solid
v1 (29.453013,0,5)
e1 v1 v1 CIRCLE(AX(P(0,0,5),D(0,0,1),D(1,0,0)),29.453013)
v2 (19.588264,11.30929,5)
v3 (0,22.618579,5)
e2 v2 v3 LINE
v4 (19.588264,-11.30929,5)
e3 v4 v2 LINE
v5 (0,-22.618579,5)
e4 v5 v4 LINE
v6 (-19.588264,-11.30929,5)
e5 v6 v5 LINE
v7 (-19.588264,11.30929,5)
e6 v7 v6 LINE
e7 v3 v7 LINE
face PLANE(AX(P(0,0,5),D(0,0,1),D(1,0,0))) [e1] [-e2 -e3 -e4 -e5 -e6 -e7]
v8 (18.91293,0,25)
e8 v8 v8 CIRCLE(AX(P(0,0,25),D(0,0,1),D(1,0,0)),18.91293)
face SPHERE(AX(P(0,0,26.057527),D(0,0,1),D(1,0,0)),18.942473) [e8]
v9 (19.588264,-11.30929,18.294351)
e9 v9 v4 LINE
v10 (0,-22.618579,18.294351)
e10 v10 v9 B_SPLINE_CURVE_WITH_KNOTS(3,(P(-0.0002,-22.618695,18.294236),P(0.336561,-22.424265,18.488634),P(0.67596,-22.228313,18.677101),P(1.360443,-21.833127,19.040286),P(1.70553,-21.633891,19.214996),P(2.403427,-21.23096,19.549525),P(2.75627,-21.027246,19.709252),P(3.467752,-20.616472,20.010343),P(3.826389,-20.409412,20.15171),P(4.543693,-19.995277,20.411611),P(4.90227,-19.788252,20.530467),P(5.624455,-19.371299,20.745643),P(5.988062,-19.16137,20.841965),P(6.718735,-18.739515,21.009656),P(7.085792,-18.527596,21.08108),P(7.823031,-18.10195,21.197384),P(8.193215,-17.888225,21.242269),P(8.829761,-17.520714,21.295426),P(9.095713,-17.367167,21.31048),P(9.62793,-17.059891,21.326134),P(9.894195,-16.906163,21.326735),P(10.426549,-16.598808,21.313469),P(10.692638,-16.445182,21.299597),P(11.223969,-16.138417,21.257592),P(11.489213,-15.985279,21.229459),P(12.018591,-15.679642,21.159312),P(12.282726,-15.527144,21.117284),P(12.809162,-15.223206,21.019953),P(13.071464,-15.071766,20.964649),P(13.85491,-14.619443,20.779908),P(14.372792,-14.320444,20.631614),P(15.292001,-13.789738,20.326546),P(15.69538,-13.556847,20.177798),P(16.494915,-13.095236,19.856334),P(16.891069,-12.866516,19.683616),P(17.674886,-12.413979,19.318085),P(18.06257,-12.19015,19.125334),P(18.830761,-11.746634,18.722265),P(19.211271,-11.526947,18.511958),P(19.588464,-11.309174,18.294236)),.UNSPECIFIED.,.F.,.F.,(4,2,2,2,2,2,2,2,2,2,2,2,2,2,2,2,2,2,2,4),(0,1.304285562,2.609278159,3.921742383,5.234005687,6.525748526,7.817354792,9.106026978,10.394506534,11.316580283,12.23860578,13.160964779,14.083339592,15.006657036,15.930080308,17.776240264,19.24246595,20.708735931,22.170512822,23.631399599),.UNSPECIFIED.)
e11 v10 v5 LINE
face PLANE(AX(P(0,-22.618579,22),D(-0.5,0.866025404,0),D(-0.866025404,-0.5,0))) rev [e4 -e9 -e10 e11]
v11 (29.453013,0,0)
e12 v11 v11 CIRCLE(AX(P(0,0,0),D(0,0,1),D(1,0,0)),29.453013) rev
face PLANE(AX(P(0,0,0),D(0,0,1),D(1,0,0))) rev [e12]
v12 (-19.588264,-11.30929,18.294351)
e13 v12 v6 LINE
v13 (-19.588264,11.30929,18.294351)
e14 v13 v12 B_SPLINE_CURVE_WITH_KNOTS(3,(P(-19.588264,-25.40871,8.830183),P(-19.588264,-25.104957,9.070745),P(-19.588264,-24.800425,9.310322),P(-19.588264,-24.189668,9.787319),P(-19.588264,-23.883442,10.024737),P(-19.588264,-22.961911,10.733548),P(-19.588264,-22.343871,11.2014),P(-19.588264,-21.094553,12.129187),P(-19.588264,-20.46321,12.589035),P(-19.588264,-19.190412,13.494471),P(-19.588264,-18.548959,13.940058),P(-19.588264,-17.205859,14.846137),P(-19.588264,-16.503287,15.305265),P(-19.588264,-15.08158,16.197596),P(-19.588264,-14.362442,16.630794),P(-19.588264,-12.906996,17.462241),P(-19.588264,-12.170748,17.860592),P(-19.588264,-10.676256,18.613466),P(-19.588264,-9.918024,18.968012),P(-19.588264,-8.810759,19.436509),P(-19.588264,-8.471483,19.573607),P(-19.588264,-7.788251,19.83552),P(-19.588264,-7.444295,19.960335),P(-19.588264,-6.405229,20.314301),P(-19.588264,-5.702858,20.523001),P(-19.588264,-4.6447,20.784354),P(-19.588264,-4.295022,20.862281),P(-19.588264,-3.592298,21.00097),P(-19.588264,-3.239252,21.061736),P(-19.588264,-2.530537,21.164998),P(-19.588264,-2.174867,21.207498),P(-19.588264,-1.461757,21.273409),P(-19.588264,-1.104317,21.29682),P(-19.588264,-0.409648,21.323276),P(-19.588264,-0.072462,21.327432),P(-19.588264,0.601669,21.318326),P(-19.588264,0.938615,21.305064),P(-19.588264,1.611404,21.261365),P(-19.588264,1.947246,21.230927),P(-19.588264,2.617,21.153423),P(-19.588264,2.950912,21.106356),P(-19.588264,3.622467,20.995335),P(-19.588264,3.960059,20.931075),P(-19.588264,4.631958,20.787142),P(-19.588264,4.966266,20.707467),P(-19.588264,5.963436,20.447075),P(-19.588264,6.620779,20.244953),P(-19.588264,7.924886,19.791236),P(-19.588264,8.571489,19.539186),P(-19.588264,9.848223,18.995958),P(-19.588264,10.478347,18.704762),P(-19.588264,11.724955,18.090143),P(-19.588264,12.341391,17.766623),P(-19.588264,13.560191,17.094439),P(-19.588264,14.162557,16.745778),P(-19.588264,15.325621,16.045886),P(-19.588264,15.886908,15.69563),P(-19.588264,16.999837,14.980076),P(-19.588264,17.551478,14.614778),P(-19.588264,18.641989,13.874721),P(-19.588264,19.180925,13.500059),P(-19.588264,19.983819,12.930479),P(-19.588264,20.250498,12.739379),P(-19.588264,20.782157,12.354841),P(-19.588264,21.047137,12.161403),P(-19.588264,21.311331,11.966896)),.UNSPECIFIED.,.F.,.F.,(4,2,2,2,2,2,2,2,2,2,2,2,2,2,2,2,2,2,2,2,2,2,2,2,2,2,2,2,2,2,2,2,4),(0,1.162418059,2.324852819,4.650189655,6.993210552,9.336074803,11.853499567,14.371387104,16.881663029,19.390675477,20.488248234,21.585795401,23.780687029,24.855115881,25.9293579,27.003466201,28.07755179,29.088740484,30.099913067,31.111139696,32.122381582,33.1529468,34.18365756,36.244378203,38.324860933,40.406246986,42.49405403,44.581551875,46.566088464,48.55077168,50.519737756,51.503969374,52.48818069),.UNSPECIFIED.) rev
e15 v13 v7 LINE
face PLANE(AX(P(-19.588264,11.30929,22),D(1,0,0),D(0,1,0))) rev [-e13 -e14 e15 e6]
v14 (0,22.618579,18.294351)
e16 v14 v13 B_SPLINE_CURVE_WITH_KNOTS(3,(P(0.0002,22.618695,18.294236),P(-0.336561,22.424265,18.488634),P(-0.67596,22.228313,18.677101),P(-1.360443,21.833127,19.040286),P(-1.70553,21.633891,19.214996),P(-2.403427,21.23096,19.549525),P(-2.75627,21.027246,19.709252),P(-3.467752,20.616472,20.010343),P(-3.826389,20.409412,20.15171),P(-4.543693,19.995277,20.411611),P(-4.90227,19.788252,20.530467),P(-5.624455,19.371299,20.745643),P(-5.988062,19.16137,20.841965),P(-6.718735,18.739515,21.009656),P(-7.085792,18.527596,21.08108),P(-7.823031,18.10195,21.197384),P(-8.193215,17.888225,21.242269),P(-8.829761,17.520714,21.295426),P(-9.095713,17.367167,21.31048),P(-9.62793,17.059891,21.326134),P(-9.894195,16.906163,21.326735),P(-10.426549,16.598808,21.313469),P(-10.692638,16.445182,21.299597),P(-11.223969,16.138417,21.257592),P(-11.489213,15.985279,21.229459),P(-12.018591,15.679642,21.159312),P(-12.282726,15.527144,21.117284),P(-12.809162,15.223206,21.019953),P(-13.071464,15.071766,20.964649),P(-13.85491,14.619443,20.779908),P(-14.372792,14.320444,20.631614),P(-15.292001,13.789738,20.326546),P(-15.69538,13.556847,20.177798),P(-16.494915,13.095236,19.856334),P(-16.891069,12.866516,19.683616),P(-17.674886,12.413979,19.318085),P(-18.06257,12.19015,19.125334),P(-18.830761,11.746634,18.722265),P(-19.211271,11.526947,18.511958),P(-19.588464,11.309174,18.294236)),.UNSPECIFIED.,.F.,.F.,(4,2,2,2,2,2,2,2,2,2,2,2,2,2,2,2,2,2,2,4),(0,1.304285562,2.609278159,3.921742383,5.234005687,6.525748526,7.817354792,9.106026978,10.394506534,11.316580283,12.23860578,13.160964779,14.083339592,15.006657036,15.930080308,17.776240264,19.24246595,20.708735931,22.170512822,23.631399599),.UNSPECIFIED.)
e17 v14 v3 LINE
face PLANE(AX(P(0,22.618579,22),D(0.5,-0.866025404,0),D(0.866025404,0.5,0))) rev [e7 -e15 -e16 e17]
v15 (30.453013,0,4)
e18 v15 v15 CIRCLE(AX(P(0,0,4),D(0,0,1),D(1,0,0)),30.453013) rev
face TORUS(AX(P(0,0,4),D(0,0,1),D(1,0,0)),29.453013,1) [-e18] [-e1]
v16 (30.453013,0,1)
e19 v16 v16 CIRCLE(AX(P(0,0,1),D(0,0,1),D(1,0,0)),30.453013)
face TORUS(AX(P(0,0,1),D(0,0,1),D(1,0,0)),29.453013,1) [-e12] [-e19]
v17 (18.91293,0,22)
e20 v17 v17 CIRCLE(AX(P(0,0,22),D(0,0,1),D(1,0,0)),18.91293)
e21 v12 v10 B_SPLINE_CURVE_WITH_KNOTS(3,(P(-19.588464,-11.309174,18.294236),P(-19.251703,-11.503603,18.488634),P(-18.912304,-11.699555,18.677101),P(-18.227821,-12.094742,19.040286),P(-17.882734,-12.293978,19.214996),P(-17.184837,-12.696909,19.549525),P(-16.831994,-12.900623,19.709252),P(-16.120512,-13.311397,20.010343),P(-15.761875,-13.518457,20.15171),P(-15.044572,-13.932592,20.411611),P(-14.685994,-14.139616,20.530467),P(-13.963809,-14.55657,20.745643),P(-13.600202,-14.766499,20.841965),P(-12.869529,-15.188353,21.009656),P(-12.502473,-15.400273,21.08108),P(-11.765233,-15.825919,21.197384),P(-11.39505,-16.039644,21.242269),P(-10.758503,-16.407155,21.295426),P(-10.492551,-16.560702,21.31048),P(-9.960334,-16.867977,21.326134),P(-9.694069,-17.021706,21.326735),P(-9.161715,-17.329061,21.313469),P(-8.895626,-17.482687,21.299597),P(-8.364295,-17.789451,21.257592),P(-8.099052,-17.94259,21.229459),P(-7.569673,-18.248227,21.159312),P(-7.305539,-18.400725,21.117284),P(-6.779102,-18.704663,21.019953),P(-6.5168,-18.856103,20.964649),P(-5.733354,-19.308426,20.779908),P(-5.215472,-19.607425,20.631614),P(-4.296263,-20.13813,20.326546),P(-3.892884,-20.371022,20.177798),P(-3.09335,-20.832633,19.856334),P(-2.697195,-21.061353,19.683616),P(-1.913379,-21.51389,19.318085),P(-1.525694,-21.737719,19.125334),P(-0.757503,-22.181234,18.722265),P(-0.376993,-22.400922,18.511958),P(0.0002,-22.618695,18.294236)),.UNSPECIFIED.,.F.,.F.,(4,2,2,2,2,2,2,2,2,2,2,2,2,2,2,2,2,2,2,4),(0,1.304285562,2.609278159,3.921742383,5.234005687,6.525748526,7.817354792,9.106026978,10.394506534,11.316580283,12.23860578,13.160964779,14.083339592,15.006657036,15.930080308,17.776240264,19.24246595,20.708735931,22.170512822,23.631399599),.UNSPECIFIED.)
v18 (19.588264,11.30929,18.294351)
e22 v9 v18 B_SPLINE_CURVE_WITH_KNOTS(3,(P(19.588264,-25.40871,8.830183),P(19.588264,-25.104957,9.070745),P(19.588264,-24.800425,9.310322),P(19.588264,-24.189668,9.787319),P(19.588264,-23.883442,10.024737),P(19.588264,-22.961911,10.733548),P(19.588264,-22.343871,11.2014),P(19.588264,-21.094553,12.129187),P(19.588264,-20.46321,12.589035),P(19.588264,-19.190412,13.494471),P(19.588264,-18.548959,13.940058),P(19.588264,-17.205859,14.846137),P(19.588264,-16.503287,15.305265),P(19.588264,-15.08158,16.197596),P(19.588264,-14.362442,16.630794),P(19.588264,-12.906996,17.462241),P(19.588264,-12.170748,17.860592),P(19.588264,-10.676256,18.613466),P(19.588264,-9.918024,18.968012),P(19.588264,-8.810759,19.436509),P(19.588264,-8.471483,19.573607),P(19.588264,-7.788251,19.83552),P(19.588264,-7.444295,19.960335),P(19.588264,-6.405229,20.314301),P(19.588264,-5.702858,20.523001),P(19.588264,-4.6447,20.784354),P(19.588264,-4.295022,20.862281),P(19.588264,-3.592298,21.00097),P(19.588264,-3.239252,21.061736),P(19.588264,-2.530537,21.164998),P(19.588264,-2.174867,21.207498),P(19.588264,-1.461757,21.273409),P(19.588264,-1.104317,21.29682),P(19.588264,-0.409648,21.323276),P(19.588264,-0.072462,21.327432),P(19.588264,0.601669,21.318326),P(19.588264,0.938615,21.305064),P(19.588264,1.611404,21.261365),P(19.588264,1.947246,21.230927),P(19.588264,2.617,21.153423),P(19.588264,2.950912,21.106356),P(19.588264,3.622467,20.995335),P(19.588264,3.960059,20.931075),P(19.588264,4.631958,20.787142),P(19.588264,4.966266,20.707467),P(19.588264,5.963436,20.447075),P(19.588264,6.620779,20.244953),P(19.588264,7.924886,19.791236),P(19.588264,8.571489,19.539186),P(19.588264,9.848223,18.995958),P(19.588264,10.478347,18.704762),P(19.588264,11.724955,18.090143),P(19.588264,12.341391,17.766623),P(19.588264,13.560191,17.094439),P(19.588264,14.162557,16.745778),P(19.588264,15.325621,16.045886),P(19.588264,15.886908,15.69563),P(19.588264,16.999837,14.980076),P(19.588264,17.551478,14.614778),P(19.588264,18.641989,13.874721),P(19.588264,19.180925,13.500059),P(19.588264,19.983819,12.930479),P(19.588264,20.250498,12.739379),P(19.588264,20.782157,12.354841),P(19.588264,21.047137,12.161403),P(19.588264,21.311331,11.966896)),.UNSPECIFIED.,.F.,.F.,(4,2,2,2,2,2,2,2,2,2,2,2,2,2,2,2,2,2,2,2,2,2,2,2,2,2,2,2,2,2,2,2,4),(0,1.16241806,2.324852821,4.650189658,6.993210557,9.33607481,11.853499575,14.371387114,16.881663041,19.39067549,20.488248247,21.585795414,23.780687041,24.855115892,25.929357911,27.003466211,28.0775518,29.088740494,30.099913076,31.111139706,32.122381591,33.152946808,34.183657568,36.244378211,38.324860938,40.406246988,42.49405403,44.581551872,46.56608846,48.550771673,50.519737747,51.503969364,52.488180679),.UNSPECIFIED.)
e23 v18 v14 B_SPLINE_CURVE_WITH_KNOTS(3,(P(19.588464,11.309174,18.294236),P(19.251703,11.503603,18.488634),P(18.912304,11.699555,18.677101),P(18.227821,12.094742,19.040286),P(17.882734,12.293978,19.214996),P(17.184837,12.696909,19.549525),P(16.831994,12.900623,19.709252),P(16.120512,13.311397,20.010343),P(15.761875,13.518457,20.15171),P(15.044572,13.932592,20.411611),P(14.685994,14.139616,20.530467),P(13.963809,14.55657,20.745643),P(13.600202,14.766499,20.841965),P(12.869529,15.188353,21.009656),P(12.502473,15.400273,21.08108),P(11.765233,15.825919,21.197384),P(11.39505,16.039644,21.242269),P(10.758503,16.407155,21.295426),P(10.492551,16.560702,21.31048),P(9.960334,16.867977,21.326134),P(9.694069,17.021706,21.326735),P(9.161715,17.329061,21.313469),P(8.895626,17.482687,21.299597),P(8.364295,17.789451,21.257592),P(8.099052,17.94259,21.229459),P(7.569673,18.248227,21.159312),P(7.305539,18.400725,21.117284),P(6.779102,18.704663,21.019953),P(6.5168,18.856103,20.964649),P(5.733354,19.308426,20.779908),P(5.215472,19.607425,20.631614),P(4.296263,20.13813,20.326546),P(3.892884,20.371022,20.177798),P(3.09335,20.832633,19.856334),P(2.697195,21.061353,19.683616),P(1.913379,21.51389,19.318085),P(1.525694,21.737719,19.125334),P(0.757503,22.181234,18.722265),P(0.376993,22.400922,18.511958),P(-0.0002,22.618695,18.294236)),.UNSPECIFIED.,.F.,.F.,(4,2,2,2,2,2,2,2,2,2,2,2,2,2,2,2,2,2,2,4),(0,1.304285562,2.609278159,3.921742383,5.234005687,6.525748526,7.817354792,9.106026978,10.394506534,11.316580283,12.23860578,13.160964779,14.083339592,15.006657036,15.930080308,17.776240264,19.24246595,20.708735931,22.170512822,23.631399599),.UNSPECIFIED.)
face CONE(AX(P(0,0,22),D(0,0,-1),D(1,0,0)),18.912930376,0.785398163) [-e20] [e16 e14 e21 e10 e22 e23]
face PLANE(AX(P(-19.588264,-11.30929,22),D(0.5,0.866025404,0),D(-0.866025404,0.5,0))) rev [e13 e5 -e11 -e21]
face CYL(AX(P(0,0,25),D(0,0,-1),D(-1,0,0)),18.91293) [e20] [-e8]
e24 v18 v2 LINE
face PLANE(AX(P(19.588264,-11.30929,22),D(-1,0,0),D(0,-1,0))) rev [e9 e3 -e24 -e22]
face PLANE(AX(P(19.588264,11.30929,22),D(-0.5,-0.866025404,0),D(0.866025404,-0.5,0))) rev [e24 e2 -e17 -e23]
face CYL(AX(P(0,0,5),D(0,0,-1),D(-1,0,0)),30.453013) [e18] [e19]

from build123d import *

# Parameters (mm, degrees)
SKETCH1_R           = 30.453013084
BOSS_EXTRUDE1_DEPTH = 5
BOSS_EXTRUDE2_DEPTH = 17
SKETCH3_R           = 36.437835874
SKETCH3_R_2         = 18.912930376
CUT_EXTRUDE1_DEPTH  = 17
CUT_EXTRUDE1_TAPER  = 45
SKETCH4_R           = 18.912930376
BOSS_EXTRUDE3_DEPTH = 3
DOME1_FACE_RADIUS   = 18.912930376
DOME1_HEIGHT        = 20
FILLET1_R           = 1
FILLET2_R           = 1


with BuildPart() as part:
    # Sketch1 → Boss-Extrude1 (new body)
    with BuildSketch(Plane.XY):
        Circle(SKETCH1_R)
    extrude(amount=BOSS_EXTRUDE1_DEPTH)

    # Sketch2 → Boss-Extrude2 (add)
    with BuildSketch(Plane.XY.offset(5)):
        Polygon((0, 22.618579174), (-19.588264162, 11.309289587), (-19.588264162, -11.309289587), (0, -22.618579174), (19.588264162, -11.309289587), (19.588264162, 11.309289587), align=None)
    extrude(amount=BOSS_EXTRUDE2_DEPTH)

    # Sketch3 → Cut-Extrude1 (cut)
    with BuildSketch(Plane.XY.offset(22)):
        Circle(SKETCH3_R)
        Circle(SKETCH3_R_2, mode=Mode.SUBTRACT)
    extrude(amount=-CUT_EXTRUDE1_DEPTH, taper=CUT_EXTRUDE1_TAPER, mode=Mode.SUBTRACT)

    # Sketch4 → Boss-Extrude3 (add)
    with BuildSketch(Plane.XY.offset(22)):
        Circle(SKETCH4_R)
    extrude(amount=BOSS_EXTRUDE3_DEPTH)

    # Dome1: a dome of height H over a round flat face of radius A is a cap of a sphere of radius (A * A + H * H) / (2 * H)
    dome1_r = (DOME1_FACE_RADIUS * DOME1_FACE_RADIUS + DOME1_HEIGHT * DOME1_HEIGHT) / (2 * DOME1_HEIGHT)
    dome1_base = Plane((0, 0, 25), z_dir=(0, 0, 1))
    with Locations(dome1_base.offset(DOME1_HEIGHT - dome1_r)):
        dome1_ball = Sphere(dome1_r, mode=Mode.PRIVATE)
    add(split(dome1_ball, bisect_by=dome1_base, keep=Keep.TOP, mode=Mode.PRIVATE))

    # Fillet1
    fillet1_edges = [part.edges().sort_by_distance(p)[0] for p in [
        (-30.453013084, 0, 5),
    ]]
    fillet(fillet1_edges, radius=FILLET1_R)

    # Fillet2
    fillet2_edges = [part.edges().sort_by_distance(p)[0] for p in [
        (-30.453013084, 0, 0),
    ]]
    fillet(fillet2_edges, radius=FILLET2_R)


solid = part.part
